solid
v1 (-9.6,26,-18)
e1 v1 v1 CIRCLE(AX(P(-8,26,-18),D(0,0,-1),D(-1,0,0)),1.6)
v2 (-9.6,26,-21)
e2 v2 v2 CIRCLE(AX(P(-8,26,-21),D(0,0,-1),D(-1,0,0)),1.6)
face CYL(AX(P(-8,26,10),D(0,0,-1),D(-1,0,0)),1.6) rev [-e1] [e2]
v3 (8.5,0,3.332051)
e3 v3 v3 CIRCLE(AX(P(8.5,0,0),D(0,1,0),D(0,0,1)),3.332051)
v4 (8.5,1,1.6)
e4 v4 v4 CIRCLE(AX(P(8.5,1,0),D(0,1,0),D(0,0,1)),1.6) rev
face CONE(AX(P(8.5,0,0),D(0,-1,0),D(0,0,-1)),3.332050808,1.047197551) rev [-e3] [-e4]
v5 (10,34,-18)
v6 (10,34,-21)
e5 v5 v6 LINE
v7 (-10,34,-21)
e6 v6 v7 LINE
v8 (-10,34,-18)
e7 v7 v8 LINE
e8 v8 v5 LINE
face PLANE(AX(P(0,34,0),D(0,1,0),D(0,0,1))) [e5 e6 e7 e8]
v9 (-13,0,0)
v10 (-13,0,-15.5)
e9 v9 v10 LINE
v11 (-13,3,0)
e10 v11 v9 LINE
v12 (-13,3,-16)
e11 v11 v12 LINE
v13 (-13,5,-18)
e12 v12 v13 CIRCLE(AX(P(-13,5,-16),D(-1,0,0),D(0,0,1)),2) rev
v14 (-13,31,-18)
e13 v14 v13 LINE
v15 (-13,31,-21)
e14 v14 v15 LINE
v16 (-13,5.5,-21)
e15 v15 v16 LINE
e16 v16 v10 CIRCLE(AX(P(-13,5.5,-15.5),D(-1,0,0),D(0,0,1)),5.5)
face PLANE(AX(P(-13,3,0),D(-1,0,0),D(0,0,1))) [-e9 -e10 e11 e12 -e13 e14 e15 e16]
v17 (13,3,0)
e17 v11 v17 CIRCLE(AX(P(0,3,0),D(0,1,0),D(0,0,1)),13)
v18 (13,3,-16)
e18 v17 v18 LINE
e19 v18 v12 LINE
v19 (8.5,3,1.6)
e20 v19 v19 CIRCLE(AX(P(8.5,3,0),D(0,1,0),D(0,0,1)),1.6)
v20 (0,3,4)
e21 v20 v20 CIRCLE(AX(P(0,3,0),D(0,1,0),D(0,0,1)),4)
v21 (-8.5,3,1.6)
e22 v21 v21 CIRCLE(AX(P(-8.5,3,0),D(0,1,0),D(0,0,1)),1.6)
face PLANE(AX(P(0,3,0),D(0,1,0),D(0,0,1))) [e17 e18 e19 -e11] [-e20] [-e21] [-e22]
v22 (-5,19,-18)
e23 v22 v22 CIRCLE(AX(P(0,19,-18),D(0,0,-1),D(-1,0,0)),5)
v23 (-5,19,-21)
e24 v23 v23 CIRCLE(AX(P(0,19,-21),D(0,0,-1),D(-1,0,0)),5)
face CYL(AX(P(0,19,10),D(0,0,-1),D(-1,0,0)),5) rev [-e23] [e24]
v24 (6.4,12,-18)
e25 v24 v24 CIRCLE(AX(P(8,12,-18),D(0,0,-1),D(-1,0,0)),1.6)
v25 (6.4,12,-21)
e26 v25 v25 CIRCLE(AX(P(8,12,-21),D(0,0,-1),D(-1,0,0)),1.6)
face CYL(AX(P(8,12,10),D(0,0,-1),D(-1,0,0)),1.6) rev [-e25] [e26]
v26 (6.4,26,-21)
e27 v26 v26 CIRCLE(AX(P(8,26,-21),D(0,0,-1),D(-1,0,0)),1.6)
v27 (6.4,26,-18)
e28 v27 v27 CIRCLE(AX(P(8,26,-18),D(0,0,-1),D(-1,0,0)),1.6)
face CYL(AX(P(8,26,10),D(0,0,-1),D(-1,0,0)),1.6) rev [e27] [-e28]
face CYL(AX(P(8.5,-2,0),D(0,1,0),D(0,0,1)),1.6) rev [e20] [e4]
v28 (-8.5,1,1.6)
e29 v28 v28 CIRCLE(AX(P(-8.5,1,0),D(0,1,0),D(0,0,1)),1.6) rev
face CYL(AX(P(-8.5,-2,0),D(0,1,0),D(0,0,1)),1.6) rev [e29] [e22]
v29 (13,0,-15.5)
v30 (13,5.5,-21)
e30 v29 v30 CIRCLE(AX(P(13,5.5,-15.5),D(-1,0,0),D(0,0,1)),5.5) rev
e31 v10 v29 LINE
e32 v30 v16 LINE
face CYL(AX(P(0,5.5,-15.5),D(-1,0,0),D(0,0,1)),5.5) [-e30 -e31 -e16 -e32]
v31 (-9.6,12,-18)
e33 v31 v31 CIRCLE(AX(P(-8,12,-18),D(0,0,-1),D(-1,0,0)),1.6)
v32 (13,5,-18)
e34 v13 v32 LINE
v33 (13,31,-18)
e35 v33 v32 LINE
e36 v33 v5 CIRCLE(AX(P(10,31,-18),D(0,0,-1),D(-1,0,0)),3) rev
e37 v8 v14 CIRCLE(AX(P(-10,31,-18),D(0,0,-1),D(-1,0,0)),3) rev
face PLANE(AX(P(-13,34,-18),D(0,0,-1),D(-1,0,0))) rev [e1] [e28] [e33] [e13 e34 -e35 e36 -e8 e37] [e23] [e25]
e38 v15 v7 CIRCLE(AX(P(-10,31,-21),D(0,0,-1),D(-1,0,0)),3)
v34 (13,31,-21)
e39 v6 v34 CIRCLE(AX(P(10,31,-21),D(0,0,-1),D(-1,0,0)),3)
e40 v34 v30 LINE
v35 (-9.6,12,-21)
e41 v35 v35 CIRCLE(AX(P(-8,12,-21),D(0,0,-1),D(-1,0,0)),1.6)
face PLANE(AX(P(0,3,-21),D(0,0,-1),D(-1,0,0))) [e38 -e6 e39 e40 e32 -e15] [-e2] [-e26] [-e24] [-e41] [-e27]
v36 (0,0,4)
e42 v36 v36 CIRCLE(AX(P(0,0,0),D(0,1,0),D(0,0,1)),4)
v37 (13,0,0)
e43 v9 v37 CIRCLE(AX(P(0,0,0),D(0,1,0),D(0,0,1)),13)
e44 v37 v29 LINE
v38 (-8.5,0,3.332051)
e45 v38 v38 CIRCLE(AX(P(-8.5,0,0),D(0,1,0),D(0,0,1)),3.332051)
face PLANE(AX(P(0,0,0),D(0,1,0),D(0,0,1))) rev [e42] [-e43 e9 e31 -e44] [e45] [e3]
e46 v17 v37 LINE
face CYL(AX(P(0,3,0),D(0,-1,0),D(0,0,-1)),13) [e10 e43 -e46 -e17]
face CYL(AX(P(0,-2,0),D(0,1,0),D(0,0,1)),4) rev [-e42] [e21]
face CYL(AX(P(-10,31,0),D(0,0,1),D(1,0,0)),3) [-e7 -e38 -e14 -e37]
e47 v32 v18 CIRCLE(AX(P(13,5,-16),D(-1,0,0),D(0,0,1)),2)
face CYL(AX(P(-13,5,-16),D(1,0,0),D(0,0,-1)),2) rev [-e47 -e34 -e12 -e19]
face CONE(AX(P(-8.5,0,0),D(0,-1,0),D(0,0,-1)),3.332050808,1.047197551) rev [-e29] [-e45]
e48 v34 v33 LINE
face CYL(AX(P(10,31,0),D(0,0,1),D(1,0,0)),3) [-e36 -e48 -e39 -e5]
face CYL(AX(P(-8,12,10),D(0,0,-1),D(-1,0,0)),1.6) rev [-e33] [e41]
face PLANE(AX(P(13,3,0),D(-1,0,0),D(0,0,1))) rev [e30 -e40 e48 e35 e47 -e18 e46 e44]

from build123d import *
from OCP.BRepFilletAPI import BRepFilletAPI_MakeChamfer

# Parameters (mm, degrees)
EXTRUDE_1_DEPTH     = 3
SKETCH_2_R          = 4
SKETCH_2_R_2        = 1.6
CUT_EXTRUDE_1_DEPTH = 5
SKETCH_3_W          = 26
SKETCH_3_H          = 3
EXTRUDE_2_DEPTH     = 31
FILLET_1_R          = 2
FILLET_2_R          = 5.5
SKETCH_4_R          = 5
SKETCH_4_R_2        = 1.6
CUT_EXTRUDE_2_DEPTH = 31
FILLET_3_R          = 3
CHAMFER_1_SIZE      = 1
CHAMFER_1_SIZE2     = 1.732050808


with BuildPart() as part:
    # ｽｹｯﾁ1 → ﾎﾞｽ - 押し出し1 (new body)
    with BuildSketch(Plane(origin=(0, 0, 0), x_dir=(1, 0, 0), z_dir=(0, 1, 0))):
        with BuildLine():
            Line((-13, 21), (-13, 0))
            ThreePointArc((-13, 0), (0, -13), (13, 0))
            Line((13, 0), (13, 21))
            Line((13, 21), (-13, 21))
        make_face()
    extrude(amount=EXTRUDE_1_DEPTH)

    # ｽｹｯﾁ2 → ｶｯﾄ - 押し出し1 (cut)
    with BuildSketch(Plane(origin=(0, 3, 0), x_dir=(1, 0, 0), z_dir=(0, 1, 0))):
        Circle(SKETCH_2_R)
        with Locations((-8.5, 0)):
            Circle(SKETCH_2_R_2)
        with Locations((8.5, 0)):
            Circle(SKETCH_2_R_2)
    extrude(amount=-CUT_EXTRUDE_1_DEPTH, mode=Mode.SUBTRACT)

    # ｽｹｯﾁ3 → ﾎﾞｽ - 押し出し2 (add)
    with BuildSketch(Plane(origin=(0, 3, 0), x_dir=(1, 0, 0), z_dir=(0, 1, 0))):
        with Locations((0, 19.5)):
            Rectangle(SKETCH_3_W, SKETCH_3_H)
    extrude(amount=EXTRUDE_2_DEPTH)

    # ﾌｨﾚｯﾄ1
    fillet_1_edges = [part.edges().sort_by_distance(p)[0] for p in [
        (0, 3, -18),
    ]]
    fillet(fillet_1_edges, radius=FILLET_1_R)

    # ﾌｨﾚｯﾄ2
    fillet_2_edges = [part.edges().sort_by_distance(p)[0] for p in [
        (0, 0, -21),
    ]]
    fillet(fillet_2_edges, radius=FILLET_2_R)

    # ｽｹｯﾁ4 → ｶｯﾄ - 押し出し2 (cut)
    with BuildSketch(Plane(origin=(0, 0, -21), x_dir=(-1, 0, 0), z_dir=(0, 0, -1))):
        with Locations((0, 19)):
            Circle(SKETCH_4_R)
        with Locations((-8, 26)):
            Circle(SKETCH_4_R_2)
        with Locations((8, 26)):
            Circle(SKETCH_4_R_2)
        with Locations((-8, 12)):
            Circle(SKETCH_4_R_2)
        with Locations((8, 12)):
            Circle(SKETCH_4_R_2)
    extrude(amount=-CUT_EXTRUDE_2_DEPTH, mode=Mode.SUBTRACT)

    # ﾌｨﾚｯﾄ3
    fillet_3_edges = [part.edges().sort_by_distance(p)[0] for p in [
        (-13, 34, -19.5),
        (13, 34, -19.5),
    ]]
    fillet(fillet_3_edges, radius=FILLET_3_R)

    # 面取り1: one chamfer whose edges measure the first distance from different faces: ONE call of the kernel's chamfer builder (chamfer() names one face for all edges)
    chamfer_1_edges_1 = [part.edges().sort_by_distance(p)[0] for p in [
        (-10.1, 0, 0),
    ]]
    chamfer_1_side_1 = [part.faces().sort_by_distance(p)[0] for p in [
        (-10.1, 1.5, 0),
    ]]
    chamfer_1_edges_2 = [part.edges().sort_by_distance(p)[0] for p in [
        (6.9, 0, 0),
    ]]
    chamfer_1_side_2 = [part.faces().sort_by_distance(p)[0] for p in [
        (6.9, 1.5, 0),
    ]]
    chamfer_1 = BRepFilletAPI_MakeChamfer(part.part.solid().wrapped)
    for e in chamfer_1_edges_1:
        chamfer_1.Add(CHAMFER_1_SIZE, CHAMFER_1_SIZE2, e.wrapped, chamfer_1_side_1[0].wrapped)  # the first distance lies on this face
    for e in chamfer_1_edges_2:
        chamfer_1.Add(CHAMFER_1_SIZE, CHAMFER_1_SIZE2, e.wrapped, chamfer_1_side_2[0].wrapped)  # the first distance lies on this face
    add(Compound.cast(chamfer_1.Shape()), mode=Mode.REPLACE)


solid = part.part
